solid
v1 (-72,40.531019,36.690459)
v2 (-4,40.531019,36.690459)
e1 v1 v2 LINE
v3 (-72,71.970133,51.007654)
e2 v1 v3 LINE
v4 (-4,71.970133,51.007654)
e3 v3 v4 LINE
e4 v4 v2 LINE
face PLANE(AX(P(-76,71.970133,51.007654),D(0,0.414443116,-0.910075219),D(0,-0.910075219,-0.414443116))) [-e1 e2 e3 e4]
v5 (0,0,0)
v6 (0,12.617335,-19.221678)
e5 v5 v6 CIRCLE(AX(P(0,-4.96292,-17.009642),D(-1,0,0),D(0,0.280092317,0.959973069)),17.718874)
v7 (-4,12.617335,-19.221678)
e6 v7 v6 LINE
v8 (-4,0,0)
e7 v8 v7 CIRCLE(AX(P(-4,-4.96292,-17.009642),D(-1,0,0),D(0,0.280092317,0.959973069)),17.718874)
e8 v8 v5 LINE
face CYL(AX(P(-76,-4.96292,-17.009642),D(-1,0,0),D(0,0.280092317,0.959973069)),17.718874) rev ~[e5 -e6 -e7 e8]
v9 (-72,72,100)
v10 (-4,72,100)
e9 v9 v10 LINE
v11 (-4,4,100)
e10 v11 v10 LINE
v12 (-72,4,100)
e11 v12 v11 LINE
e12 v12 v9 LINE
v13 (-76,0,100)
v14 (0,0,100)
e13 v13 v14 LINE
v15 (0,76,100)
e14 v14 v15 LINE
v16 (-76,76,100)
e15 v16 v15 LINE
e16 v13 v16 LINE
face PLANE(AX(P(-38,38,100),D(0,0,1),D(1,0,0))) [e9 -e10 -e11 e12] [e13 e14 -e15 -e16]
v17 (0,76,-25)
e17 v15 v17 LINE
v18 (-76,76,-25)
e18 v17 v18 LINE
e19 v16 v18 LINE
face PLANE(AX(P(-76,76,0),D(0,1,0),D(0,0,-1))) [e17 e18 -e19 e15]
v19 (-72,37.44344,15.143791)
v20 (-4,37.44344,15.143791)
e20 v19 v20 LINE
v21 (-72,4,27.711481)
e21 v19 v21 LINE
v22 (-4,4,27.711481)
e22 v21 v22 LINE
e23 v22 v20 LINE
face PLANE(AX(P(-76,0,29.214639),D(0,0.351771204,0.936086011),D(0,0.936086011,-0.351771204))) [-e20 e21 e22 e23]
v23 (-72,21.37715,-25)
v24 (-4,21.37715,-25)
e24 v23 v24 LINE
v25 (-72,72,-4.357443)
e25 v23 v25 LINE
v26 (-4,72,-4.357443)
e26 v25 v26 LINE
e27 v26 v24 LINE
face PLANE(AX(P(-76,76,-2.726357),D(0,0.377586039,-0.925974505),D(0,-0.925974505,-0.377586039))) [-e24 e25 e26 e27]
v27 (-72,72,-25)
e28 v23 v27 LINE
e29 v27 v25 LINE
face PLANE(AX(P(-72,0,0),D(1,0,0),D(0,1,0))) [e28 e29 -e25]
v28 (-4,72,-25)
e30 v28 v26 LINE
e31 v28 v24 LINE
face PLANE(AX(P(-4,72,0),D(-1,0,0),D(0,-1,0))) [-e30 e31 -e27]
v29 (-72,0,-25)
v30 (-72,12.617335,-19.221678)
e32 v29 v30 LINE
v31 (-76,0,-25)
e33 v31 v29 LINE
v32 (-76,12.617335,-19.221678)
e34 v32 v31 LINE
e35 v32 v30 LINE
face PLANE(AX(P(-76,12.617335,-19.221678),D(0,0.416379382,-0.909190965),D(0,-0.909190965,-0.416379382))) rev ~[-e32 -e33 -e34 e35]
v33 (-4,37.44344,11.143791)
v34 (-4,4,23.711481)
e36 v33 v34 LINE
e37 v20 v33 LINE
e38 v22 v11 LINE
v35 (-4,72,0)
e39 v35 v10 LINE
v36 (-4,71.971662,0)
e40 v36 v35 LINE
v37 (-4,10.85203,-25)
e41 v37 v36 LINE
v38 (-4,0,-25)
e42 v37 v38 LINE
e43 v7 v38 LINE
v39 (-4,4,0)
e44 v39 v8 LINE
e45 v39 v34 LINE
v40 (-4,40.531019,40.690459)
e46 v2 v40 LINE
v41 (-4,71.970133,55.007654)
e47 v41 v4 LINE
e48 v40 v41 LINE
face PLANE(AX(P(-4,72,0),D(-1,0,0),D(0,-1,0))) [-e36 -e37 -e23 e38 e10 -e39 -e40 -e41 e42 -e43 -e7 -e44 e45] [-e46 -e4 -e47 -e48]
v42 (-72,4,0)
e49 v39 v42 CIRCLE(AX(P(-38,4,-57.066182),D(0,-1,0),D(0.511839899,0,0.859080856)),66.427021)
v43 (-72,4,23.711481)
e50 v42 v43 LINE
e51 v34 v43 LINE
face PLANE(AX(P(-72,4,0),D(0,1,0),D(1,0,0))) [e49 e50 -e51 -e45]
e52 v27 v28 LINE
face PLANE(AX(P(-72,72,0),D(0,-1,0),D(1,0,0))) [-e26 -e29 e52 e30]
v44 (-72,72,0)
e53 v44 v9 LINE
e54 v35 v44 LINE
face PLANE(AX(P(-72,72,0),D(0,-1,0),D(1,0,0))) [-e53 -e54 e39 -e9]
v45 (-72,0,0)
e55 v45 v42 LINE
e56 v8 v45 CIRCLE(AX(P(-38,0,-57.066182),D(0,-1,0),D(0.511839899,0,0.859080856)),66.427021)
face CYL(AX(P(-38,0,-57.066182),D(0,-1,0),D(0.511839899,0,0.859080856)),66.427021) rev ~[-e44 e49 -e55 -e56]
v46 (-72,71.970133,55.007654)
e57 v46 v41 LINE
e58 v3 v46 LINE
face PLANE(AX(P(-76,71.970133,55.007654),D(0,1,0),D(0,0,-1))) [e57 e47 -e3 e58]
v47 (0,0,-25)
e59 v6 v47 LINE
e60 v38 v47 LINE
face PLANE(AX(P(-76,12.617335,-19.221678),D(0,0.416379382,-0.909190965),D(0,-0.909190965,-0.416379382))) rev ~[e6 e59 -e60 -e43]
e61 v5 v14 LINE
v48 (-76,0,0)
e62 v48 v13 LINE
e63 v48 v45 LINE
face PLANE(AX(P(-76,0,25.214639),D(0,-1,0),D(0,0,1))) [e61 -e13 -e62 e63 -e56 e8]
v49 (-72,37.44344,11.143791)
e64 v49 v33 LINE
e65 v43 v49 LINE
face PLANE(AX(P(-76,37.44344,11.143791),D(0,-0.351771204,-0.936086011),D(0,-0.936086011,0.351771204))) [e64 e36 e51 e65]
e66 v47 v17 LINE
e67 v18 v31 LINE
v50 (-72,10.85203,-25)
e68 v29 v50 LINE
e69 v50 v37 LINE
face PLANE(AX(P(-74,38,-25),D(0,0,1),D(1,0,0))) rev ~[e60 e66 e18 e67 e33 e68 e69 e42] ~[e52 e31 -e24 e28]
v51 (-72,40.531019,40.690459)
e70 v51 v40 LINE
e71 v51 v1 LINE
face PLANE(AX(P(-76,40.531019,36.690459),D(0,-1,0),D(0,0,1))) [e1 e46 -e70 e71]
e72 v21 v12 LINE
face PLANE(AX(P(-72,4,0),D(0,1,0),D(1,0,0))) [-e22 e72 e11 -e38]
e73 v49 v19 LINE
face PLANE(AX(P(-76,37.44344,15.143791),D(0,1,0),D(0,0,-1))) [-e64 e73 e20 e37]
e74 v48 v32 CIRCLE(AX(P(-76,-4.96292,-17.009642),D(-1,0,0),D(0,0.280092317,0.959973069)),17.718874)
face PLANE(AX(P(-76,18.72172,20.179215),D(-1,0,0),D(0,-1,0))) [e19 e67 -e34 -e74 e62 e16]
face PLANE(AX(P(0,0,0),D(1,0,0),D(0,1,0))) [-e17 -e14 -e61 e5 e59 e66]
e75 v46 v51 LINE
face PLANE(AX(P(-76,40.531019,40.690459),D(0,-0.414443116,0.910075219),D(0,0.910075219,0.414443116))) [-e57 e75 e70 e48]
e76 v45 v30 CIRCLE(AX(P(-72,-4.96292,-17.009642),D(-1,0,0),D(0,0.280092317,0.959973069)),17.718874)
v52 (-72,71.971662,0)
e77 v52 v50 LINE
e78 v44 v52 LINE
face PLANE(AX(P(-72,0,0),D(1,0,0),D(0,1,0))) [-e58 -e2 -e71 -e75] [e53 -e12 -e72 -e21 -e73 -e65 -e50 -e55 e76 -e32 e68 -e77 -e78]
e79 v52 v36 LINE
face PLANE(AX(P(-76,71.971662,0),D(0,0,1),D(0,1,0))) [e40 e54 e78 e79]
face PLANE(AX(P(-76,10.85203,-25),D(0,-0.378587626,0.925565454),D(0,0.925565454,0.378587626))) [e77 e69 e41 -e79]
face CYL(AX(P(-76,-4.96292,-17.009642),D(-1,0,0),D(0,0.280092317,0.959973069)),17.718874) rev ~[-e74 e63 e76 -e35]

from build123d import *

# Parameters (mm, degrees)
F0_W      = 76
F0_H      = 76
F0_W_2    = 68
F0_H_2    = 68
F1_DEPTH  = 100
F2_W      = 68
F2_H      = 4
F3_DEPTH  = 25
F5_DEPTH  = 72
F7_DEPTH  = 76
F9_DEPTH  = 25
F11_DEPTH = 72


with BuildPart() as f1:
    # F0 (on Top) → F1 (new body)
    with BuildSketch(Plane.XY):
        with Locations((-38, 38)):
            Rectangle(F0_W, F0_H)
        with Locations((-38, 38)):
            Rectangle(F0_W_2, F0_H_2, mode=Mode.SUBTRACT)
    extrude(amount=F1_DEPTH)

    # F2 (on face) → F3 (join)
    with BuildSketch(Plane.XY):
        Polygon((-76, 76), (-76, 0), (-72, 0), (-72, 72), (-72, 76), align=None)
        with Locations((-38, 74)):
            Rectangle(F2_W, F2_H)
        Polygon((-4, 76), (-4, 72), (-4, 0), (0, 0), (0, 76), align=None)
    extrude(amount=-F3_DEPTH)

    # F4 (on face) → F5 (join, through all)
    with BuildSketch(Plane(origin=(-76, 0, 0), x_dir=(0, -1, 0), z_dir=(-1, 0, 0))):
        Polygon((-10.85203, -25), (-71.971662, 0), (-76, 0), (-76, -2.726357), (-21.37715, -25), align=None)
    extrude(amount=-F5_DEPTH)

    # F6 (on face) → F7 (cut, through all)
    with BuildSketch(Plane(origin=(-76, 0, 0), x_dir=(0, -1, 0), z_dir=(-1, 0, 0))):
        with BuildLine():
            Line((0, -25), (0, 0))
            ThreePointArc((0, 0), (-9.849808, -7.286393), (-12.617335, -19.221678))
            Line((-12.617335, -19.221678), (0, -25))
        make_face()
    extrude(amount=-F7_DEPTH, mode=Mode.SUBTRACT)

    # F8 (on face) → F9 (cut)
    with BuildSketch(Plane.XZ):
        with BuildLine():
            Line((-72, 0), (-4, 0))
            ThreePointArc((-4, 0), (-38, 9.360839), (-72, 0))
        make_face()
    extrude(amount=-F9_DEPTH, mode=Mode.SUBTRACT)

    # F10 (on face) → F11 (join, through all)
    with BuildSketch(Plane(origin=(-76, 0, 0), x_dir=(0, -1, 0), z_dir=(-1, 0, 0))):
        Polygon((-37.44344, 15.143791), (-37.44344, 11.143791), (0, 25.214639), (0, 29.214639), align=None)
        Polygon((-71.970133, 51.007654), (-40.531019, 36.690459), (-40.531019, 40.690459), (-71.970133, 55.007654), align=None)
    extrude(amount=-F11_DEPTH)


solid = f1.part
